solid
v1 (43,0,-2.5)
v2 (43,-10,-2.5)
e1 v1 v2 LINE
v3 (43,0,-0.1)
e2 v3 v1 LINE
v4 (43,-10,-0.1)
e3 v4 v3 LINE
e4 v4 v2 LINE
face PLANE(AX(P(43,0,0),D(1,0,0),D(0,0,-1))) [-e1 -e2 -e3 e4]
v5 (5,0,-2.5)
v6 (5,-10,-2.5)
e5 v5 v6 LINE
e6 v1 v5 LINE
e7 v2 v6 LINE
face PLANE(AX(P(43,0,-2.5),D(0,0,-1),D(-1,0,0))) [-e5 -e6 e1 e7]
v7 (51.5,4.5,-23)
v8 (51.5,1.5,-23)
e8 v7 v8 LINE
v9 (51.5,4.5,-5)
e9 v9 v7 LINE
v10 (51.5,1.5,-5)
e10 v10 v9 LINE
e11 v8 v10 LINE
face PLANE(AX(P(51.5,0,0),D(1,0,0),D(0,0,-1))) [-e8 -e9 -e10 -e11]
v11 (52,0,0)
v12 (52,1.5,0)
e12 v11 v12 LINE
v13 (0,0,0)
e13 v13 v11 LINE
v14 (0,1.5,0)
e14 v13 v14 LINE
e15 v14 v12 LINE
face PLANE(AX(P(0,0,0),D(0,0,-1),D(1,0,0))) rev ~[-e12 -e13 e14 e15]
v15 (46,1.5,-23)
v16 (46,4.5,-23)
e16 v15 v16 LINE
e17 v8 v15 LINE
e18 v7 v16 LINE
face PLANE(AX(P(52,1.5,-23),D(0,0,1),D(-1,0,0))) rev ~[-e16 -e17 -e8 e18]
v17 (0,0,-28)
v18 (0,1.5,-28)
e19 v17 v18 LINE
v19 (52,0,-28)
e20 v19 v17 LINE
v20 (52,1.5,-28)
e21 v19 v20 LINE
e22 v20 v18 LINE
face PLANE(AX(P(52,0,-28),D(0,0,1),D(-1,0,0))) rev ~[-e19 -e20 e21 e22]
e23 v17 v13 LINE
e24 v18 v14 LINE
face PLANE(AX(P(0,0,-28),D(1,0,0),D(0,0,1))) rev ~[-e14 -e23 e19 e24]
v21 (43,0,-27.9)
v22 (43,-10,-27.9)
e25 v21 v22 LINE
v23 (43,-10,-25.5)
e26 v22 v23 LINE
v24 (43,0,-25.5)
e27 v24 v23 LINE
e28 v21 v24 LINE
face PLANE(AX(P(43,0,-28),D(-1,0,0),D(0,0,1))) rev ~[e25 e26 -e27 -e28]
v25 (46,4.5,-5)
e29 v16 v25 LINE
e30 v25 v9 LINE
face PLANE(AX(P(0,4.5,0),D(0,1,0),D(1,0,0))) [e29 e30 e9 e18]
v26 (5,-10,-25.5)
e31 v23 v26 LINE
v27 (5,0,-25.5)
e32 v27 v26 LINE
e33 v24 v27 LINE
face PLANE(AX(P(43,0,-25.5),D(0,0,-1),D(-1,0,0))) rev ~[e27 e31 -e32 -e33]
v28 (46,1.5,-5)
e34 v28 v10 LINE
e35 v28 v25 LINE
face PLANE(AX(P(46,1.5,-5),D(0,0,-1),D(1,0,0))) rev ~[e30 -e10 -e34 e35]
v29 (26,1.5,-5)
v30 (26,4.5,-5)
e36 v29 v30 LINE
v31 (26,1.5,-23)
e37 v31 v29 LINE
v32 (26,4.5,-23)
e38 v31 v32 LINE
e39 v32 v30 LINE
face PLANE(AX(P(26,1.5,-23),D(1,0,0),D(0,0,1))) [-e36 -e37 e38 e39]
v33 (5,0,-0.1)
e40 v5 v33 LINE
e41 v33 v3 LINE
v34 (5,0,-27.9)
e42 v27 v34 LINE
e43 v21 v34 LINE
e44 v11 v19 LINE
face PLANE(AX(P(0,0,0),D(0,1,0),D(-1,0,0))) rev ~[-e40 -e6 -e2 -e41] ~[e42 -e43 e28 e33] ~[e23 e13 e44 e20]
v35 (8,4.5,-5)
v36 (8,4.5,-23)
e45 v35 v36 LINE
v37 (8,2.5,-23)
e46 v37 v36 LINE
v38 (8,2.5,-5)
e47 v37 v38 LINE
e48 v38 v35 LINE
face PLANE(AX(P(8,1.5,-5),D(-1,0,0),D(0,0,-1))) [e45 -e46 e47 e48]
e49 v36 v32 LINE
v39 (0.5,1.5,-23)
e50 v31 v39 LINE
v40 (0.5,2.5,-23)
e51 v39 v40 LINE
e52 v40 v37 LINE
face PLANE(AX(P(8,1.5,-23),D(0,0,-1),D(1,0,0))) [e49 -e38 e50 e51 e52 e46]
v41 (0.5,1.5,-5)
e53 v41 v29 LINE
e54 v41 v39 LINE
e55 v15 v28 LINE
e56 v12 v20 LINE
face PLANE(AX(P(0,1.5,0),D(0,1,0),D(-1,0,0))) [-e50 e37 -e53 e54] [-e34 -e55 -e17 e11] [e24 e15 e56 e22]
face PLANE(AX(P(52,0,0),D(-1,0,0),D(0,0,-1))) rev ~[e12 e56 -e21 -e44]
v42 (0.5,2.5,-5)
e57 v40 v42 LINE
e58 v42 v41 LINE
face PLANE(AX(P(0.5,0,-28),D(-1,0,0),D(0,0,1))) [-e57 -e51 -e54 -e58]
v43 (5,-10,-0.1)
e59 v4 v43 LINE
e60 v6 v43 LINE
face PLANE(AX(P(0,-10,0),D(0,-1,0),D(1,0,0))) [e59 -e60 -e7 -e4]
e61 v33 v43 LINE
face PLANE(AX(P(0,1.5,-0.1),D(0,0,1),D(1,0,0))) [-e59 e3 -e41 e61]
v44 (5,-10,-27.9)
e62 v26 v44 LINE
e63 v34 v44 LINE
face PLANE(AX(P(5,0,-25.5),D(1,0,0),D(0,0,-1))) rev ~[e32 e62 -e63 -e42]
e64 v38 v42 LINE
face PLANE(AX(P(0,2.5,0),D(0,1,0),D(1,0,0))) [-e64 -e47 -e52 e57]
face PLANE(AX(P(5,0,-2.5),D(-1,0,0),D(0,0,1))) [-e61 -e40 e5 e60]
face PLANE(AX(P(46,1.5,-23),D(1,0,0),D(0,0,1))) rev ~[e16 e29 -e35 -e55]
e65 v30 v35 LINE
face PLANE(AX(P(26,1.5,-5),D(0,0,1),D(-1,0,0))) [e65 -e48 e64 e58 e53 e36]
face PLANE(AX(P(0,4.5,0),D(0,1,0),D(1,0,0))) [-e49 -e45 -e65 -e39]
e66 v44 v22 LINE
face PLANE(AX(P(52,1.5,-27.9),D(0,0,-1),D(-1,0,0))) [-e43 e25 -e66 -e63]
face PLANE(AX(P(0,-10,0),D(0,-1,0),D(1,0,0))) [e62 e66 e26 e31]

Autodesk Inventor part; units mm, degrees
ref_plane "YZ Plane" through (0, 0, 0) normal (1, 0, 0) x (0, 1, 0)
ref_plane "XZ Plane" through (0, 0, 0) normal (0, 1, 0) x (-1, 0, 0)
ref_plane "XY Plane" through (0, 0, 0) normal (0, 0, 1) x (1, 0, 0)
sketch "Sketch1" plane through (0, 0, 0) normal (0, 1, 0) x (-1, 0, 0)
  line L0 (0, 0) -> (-52, 0)
  line L1 (-52, 0) -> (-52, -28)
  line L2 (-52, -28) -> (0, -28)
  line L3 (0, -28) -> (0, 0)
  dimension "d0" = 52
  dimension "d1" = 28
extrude "Extrusion1" add sketch "Sketch1" along normal blind 1.5
sketch "Sketch2" plane through (0, 1.5, 0) normal (0, 1, 0) x (1, 0, 0)
  line L0 (0, 0) -> (0, 5) construction
  line L1 (0, 28) -> (0, 0) construction
  line L2 (0, 28) -> (0, 23) construction
  line L3 (0, 23) -> (8, 23)
  line L4 (8, 23) -> (8, 5)
  line L5 (8, 5) -> (0, 5)
  line L6 (0, 5) -> (0, 23)
  dimension "d4" = 5
  dimension "d5" = 5
  dimension "d6" = 8
extrude "Extrusion2" add sketch "Sketch2" along normal blind 1
sketch "Sketch3" plane through (0, 1.5, 0) normal (0, 1, 0) x (1, 0, 0)
  line L0 (8, 5) -> (8, 23) projected
  line L1 (8, 23) -> (26, 23)
  line L2 (26, 23) -> (26, 5)
  line L3 (26, 5) -> (8, 5)
  line L4 (8, 5) -> (8, 23)
  point P0 (0, 0)
  dimension "d9" = 18
extrude "Extrusion3" add sketch "Sketch3" along normal blind 3
sketch "Sketch4" plane through (0, 1.5, 0) normal (0, 1, 0) x (1, 0, 0)
  line L0 (52, 28) -> (52, 23) construction
  line L1 (52, 0) -> (52, 28) construction
  line L2 (52, 0) -> (52, 5) construction
  line L3 (52, 23) -> (46, 23)
  line L4 (46, 23) -> (46, 5)
  line L5 (46, 5) -> (52, 5)
  line L6 (52, 5) -> (52, 23)
  point P0 (0, 0)
  dimension "d12" = 5
  dimension "d13" = 5
  dimension "d14" = 6
extrude "Extrusion4" add sketch "Sketch4" along normal blind 3
sketch "Sketch5" plane through (52, 0, 0) normal (1, 0, 0) x (0, 0, -1)
  line L0 (5, 4.5) -> (23, 4.5) projected
  line L1 (23, 1.5) -> (28, 1.5) projected
  line L2 (5, 4.5) -> (23, 4.5)
  line L3 (23, 4.5) -> (23, 1.5)
  line L4 (23, 1.5) -> (5, 1.5)
  line L5 (5, 1.5) -> (5, 4.5)
  point P0 (0, 0)
extrude "Extrusion5" cut sketch "Sketch5" against normal blind 0.5
sketch "Sketch6" plane through (0, 0, -28) normal (-1, 0, 0) x (0, 0, 1)
  line L0 (5, 2.5) -> (23, 2.5) projected
  line L1 (23, 1.5) -> (5, 1.5) projected
  line L2 (5, 2.5) -> (23, 2.5)
  line L3 (23, 2.5) -> (23, 1.5)
  line L4 (23, 1.5) -> (5, 1.5)
  line L5 (5, 1.5) -> (5, 2.5)
  point P0 (28, 0)
extrude "Extrusion6" cut sketch "Sketch6" against normal blind 0.5
sketch "Sketch7" plane through (0, 0, 0) normal (0, -1, 0) x (1, 0, 0)
  line L0 (0, -28) -> (0, 0) construction
  line L1 (0, 0) -> (5, 0) construction
  line L2 (0, 0) -> (52, 0) construction
  line L3 (52, 0) -> (43, 0) construction
  line L4 (5, 0) -> (43, 0)
  line L5 (43, 0) -> (43, -2.5)
  line L6 (43, -2.5) -> (5, -2.5)
  line L7 (5, -2.5) -> (5, 0)
  line L8 (52, -28) -> (0, -28) projected
  line L9 (5, -28) -> (43, -28)
  line L10 (43, -28) -> (43, -25.5)
  line L11 (43, -25.5) -> (5, -25.5)
  line L12 (5, -25.5) -> (5, -28)
  dimension "d21" = 5
  dimension "d22" = 9
  dimension "d23" = 2.5
  dimension "d24" = 2.5
extrude "Extrusion7" add sketch "Sketch7" along normal blind 10
sketch "Sketch8" plane through (52, 1.5, -28) normal (0, 0, -1) x (-1, 0, 0)
  line L0 (47, -11.5) -> (9, -11.5) projected
  line L1 (9, -1.5) -> (9, -11.5) projected
  line L2 (47, -11.5) -> (9, -11.5)
  line L3 (9, -11.5) -> (9, -1.5)
  line L4 (9, -1.5) -> (47, -1.5)
  line L5 (47, -1.5) -> (47, -11.5)
  point P0 (52, -1.5)
extrude "Extrusion8" cut sketch "Sketch8" against normal blind 0.1
sketch "Sketch9" plane through (0, 1.5, 0) normal (0, 0, 1) x (1, 0, 0)
  line L0 (5, -1.5) -> (5, -11.5) projected
  line L1 (43, -11.5) -> (43, -1.5) projected
  line L2 (5, -1.5) -> (43, -1.5)
  line L3 (43, -1.5) -> (43, -11.5)
  line L4 (43, -11.5) -> (5, -11.5)
  line L5 (5, -11.5) -> (5, -1.5)
  point P0 (0, -1.5)
extrude "Extrusion9" cut sketch "Sketch9" against normal blind 0.1
properties part number "ESP32"
